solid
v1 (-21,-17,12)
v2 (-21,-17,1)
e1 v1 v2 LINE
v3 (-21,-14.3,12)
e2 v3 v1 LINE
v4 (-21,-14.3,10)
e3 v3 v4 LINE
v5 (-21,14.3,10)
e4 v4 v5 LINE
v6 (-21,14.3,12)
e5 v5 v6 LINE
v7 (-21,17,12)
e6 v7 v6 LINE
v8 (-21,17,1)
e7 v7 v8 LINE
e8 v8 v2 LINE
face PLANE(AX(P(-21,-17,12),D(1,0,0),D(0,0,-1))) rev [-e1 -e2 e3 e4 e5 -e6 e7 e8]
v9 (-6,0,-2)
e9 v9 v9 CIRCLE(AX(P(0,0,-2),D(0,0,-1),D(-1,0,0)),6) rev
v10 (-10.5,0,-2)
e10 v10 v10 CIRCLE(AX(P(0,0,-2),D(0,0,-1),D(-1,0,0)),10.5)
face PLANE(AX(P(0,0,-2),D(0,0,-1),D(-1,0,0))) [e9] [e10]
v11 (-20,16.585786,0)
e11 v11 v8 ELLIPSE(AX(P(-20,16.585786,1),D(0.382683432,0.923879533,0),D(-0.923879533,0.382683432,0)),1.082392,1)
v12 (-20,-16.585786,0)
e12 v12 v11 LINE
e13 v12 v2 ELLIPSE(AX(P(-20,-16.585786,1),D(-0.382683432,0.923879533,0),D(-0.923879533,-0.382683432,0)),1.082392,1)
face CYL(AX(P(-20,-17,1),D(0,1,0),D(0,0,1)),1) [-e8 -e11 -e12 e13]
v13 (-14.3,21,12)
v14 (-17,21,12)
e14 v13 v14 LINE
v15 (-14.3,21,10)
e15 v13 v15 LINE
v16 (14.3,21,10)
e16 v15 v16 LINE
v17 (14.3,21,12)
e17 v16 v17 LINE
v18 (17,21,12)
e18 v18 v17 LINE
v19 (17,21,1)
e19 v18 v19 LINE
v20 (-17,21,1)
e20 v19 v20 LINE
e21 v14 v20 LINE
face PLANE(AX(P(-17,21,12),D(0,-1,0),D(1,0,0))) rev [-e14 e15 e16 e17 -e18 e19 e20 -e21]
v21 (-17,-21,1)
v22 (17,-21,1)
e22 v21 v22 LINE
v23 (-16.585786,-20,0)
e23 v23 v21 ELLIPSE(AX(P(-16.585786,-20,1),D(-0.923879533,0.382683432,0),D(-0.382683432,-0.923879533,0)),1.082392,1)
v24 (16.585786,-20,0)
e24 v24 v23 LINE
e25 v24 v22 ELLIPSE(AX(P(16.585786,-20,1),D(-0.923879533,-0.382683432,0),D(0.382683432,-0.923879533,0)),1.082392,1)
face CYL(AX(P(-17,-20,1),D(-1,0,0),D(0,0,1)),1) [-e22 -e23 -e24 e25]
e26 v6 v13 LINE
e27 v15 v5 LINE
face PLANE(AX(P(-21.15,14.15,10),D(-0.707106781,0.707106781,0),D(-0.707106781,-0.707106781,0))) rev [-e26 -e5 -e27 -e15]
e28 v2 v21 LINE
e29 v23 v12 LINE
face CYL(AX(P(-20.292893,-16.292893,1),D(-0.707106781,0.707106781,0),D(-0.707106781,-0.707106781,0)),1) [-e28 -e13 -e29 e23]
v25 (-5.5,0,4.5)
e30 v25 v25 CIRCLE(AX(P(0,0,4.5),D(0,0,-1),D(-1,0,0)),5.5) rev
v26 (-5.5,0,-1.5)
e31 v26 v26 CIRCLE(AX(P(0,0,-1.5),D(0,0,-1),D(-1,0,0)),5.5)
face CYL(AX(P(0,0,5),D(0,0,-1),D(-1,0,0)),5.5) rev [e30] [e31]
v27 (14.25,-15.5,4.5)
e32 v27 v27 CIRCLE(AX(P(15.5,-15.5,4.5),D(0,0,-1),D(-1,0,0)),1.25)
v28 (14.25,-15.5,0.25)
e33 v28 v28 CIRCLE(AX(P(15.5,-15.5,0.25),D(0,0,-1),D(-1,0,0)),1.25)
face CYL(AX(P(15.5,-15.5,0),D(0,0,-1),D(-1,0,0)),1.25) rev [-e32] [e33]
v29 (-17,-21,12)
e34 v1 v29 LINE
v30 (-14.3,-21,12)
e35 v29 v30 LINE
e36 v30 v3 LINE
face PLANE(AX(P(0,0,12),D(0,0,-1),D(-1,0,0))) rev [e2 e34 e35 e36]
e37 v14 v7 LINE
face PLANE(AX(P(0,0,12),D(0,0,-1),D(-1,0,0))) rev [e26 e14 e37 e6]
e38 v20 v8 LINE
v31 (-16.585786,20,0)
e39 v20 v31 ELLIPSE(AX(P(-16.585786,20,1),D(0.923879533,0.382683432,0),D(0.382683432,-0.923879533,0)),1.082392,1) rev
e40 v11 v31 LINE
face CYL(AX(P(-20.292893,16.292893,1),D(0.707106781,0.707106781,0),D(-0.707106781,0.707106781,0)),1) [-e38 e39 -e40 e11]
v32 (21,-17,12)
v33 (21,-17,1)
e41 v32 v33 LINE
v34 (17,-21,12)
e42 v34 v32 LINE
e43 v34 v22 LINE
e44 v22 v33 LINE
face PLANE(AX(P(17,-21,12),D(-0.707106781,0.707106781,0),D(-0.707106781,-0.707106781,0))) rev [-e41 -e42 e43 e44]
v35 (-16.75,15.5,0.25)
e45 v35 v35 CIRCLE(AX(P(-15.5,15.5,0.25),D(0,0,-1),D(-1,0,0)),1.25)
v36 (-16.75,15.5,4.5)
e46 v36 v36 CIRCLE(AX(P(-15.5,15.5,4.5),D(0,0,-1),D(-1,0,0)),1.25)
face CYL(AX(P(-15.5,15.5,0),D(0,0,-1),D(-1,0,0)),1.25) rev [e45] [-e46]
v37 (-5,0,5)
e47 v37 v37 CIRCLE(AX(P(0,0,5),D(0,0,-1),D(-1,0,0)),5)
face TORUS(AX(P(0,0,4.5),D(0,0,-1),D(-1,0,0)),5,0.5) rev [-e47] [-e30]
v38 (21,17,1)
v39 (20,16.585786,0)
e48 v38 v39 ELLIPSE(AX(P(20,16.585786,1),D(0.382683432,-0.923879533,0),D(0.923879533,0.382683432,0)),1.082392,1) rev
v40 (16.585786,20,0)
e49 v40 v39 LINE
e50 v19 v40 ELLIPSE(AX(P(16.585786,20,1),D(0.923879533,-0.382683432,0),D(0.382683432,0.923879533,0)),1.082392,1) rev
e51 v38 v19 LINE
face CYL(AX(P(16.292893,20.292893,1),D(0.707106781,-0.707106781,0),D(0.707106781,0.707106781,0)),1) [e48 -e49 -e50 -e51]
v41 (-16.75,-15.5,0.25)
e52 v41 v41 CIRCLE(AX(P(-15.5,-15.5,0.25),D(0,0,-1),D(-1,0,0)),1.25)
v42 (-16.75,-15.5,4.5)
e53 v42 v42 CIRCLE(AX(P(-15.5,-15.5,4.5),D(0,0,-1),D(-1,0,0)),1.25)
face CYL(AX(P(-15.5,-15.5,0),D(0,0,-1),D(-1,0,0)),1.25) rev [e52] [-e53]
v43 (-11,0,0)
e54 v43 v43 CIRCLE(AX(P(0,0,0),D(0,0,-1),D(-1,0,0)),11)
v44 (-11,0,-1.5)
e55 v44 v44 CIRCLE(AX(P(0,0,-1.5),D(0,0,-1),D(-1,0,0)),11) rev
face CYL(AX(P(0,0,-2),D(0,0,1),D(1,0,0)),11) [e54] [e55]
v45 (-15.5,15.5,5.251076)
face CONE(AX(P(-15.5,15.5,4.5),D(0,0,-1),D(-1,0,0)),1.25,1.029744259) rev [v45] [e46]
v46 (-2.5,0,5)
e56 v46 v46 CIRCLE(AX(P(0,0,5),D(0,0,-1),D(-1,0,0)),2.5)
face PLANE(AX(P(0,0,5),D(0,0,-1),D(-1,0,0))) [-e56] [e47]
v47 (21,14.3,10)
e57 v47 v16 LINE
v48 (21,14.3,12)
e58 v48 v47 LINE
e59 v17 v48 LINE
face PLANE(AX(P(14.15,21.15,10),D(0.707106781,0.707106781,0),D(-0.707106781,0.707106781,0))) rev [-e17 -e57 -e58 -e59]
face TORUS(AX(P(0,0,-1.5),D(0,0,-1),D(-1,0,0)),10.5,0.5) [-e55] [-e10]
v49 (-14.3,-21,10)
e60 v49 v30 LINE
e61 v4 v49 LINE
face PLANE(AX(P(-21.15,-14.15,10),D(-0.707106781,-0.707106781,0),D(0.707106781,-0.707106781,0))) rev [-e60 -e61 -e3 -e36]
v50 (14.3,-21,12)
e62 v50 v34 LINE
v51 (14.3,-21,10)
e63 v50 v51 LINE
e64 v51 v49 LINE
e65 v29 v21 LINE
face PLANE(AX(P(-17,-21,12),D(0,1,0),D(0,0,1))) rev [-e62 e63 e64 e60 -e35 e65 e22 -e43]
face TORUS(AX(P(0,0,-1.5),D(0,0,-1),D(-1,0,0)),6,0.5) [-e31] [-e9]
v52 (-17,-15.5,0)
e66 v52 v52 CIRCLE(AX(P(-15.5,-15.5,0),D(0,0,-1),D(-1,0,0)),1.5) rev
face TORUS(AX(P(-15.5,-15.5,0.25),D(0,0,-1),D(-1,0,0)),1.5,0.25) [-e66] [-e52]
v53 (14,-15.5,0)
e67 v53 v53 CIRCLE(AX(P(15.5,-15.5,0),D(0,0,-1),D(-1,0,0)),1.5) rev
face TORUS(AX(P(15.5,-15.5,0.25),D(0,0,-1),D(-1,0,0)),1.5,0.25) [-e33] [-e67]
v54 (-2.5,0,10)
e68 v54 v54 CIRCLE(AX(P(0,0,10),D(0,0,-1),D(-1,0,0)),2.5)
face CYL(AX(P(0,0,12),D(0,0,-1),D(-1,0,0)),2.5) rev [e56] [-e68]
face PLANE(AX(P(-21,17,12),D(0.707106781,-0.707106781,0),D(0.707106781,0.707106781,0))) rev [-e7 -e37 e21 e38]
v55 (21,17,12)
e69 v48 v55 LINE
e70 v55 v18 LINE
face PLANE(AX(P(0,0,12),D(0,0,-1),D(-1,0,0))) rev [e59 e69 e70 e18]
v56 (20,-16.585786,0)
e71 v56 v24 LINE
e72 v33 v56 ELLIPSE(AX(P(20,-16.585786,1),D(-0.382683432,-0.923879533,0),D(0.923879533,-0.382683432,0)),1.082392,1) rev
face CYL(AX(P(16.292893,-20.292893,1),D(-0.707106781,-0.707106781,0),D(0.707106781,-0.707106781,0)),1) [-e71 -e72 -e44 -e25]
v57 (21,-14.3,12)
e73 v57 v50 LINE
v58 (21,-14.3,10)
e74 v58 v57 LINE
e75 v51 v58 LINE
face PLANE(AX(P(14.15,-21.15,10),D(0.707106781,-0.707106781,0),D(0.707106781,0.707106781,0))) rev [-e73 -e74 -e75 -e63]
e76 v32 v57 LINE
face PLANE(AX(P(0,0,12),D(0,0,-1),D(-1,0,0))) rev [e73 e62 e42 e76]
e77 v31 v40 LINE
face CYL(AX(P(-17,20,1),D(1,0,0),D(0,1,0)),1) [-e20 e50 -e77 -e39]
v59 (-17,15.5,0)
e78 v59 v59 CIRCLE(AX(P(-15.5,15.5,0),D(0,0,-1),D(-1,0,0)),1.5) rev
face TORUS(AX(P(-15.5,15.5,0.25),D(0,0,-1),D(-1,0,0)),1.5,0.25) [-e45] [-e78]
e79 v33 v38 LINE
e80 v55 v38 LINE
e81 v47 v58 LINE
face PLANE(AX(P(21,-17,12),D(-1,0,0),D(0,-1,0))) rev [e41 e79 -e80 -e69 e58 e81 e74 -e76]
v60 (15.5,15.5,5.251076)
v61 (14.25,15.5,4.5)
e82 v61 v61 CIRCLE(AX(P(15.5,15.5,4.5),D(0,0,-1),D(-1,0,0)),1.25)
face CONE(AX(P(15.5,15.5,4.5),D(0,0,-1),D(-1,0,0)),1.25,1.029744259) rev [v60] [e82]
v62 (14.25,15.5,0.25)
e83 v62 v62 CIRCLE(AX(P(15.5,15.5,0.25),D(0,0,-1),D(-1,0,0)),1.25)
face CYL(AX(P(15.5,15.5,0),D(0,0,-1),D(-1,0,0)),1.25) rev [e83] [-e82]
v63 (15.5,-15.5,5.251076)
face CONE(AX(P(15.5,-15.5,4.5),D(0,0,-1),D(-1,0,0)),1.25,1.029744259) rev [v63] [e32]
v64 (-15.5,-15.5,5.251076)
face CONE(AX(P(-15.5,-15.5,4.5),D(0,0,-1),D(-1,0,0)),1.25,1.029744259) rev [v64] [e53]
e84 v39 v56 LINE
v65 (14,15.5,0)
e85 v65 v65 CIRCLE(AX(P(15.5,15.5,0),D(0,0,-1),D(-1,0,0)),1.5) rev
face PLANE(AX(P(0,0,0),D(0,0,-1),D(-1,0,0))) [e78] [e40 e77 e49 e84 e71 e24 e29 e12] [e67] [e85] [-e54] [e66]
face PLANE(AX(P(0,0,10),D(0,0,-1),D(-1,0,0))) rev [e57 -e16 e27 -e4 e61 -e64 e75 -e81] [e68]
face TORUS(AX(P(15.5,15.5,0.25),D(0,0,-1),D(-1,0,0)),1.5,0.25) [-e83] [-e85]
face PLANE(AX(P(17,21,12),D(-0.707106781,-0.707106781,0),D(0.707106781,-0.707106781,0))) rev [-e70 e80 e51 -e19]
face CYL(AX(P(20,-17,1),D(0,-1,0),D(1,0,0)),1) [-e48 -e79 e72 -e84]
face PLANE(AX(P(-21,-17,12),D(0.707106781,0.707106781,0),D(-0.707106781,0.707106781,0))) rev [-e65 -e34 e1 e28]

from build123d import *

# Parameters (mm, degrees)
BOSS_EXTRUDE1_DEPTH            = 12
CUT_EXTRUDE1_DEPTH             = 2
SKETCH3_R                      = 11
BOSS_EXTRUDE2_DEPTH            = 2
SKETCH4_R                      = 5.5
CUT_EXTRUDE2_DEPTH             = 7
SKETCH5_R                      = 2.5
CUT_EXTRUDE3_DEPTH             = 8
FILLET1_R                      = 1
FILLET2_R                      = 0.5
M3X0_5_TAPPED_HOLE1_AT_2_COUNT = 2
M3X0_5_TAPPED_HOLE1_AT_2_PITCH = 31
M3X0_5_TAPPED_HOLE1_AT_3_COUNT = 2
M3X0_5_TAPPED_HOLE1_AT_3_PITCH = 21.920310217
LPATTERN1_COUNT                = 2
LPATTERN1_PITCH                = 31
FILLET4_R                      = 0.25


with BuildPart() as part:
    # Sketch1 → Boss-Extrude1 (new body)
    with BuildSketch(Plane.XY):
        Polygon((-21, 17), (-17, 21), (17, 21), (21, 17), (21, -17), (17, -21), (-17, -21), (-21, -17), align=None)
    extrude(amount=BOSS_EXTRUDE1_DEPTH)

    # Sketch2 → Cut-Extrude1 (cut)
    with BuildSketch(Plane.XY.offset(12)):
        Polygon((-21.15, 14.15), (-14.15, 21.15), (14.15, 21.15), (21.15, 14.15), (21.15, -14.15), (14.15, -21.15), (-14.15, -21.15), (-21.15, -14.15), align=None)
    extrude(amount=-CUT_EXTRUDE1_DEPTH, mode=Mode.SUBTRACT)

    # Sketch3 → Boss-Extrude2 (add)
    with BuildSketch(Plane(origin=(0, 0, 0), x_dir=(-1, 0, 0), z_dir=(0, 0, -1))):
        Circle(SKETCH3_R)
    extrude(amount=BOSS_EXTRUDE2_DEPTH)

    # Sketch4 → Cut-Extrude2 (cut)
    with BuildSketch(Plane(origin=(0, 0, -2), x_dir=(-1, 0, 0), z_dir=(0, 0, -1))):
        Circle(SKETCH4_R)
    extrude(amount=-CUT_EXTRUDE2_DEPTH, mode=Mode.SUBTRACT)

    # Sketch5 → Cut-Extrude3 (cut, through all)
    with BuildSketch(Plane(origin=(0, 0, 5), x_dir=(-1, 0, 0), z_dir=(0, 0, -1))):
        Circle(SKETCH5_R)
    extrude(amount=-CUT_EXTRUDE3_DEPTH, mode=Mode.SUBTRACT)

    # Fillet1
    fillet1_edges = [part.edges().sort_by_distance(p)[0] for p in [
        (19, -19, 0),
        (0, -21, 0),
        (-19, -19, 0),
        (-21, 0, 0),
        (-19, 19, 0),
        (0, 21, 0),
        (19, 19, 0),
        (21, 0, 0),
    ]]
    fillet(fillet1_edges, radius=FILLET1_R)

    # Fillet2
    fillet2_edges = [part.edges().sort_by_distance(p)[0] for p in [
        (11, 0, -2),
        (5.5, 0, 5),
        (5.5, 0, -2),
    ]]
    fillet(fillet2_edges, radius=FILLET2_R)

    # Sketch8 → M3x0.5 Tapped Hole1 (revolve, cut)
    with BuildSketch(Plane(origin=(15.5, 15.5, 0), x_dir=(0, 1, 0), z_dir=(1, 0, 0))):
        Polygon((0, 0), (0, 5.251075774), (1.25, 4.5), (1.25, 0), align=None)
    m3x0_5_tapped_hole1 = revolve(axis=Axis((15.5, 15.5, -6.35), (0, 0, 1)), mode=Mode.SUBTRACT)

    # M3x0.5 Tapped Hole1 at 2: M3x0.5 Tapped Hole1 ×2
    with Locations(*[(-i * M3X0_5_TAPPED_HOLE1_AT_2_PITCH, 0, 0) for i in range(1, M3X0_5_TAPPED_HOLE1_AT_2_COUNT)]):
        add(m3x0_5_tapped_hole1, mode=Mode.SUBTRACT)

    # M3x0.5 Tapped Hole1 at 3: M3x0.5 Tapped Hole1 ×2
    with Locations(*[Vector(-0.707106781, -0.707106781, 0) * (i * M3X0_5_TAPPED_HOLE1_AT_3_PITCH) for i in range(1, M3X0_5_TAPPED_HOLE1_AT_3_COUNT)]):
        add(m3x0_5_tapped_hole1, mode=Mode.SUBTRACT)

    # LPattern1: M3x0.5 Tapped Hole1 ×2
    with Locations(*[(0, -i * LPATTERN1_PITCH, 0) for i in range(1, LPATTERN1_COUNT)]):
        add(m3x0_5_tapped_hole1, mode=Mode.SUBTRACT)

    # LPattern1 copy 1 sketch → LPattern1 copy 1 (revolve, cut)
    with BuildSketch(Plane(origin=(-15.5, -15.5, 0), x_dir=(0, 1, 0), z_dir=(1, 0, 0))):
        Polygon((0, 0), (0, 5.251075774), (1.25, 4.5), (1.25, 0), align=None)
    revolve(axis=Axis((-15.5, -15.5, -6.35), (0, 0, 1)), mode=Mode.SUBTRACT)

    # LPattern1 copy 2 sketch → LPattern1 copy 2 (revolve, cut)
    with BuildSketch(Plane(origin=(0, -31, 0), x_dir=(0, 1, 0), z_dir=(1, 0, 0))):
        Polygon((0, 0), (0, 5.251075774), (1.25, 4.5), (1.25, 0), align=None)
    revolve(axis=Axis((0, -31, -6.35), (0, 0, 1)), mode=Mode.SUBTRACT)

    # Fillet4
    fillet4_edges = [part.edges().sort_by_distance(p)[0] for p in [
        (-15.5, 14.25, 0),
        (15.5, 14.25, 0),
        (-15.5, -16.75, 0),
        (15.5, -16.75, 0),
    ]]
    fillet(fillet4_edges, radius=FILLET4_R)


solid = part.part
